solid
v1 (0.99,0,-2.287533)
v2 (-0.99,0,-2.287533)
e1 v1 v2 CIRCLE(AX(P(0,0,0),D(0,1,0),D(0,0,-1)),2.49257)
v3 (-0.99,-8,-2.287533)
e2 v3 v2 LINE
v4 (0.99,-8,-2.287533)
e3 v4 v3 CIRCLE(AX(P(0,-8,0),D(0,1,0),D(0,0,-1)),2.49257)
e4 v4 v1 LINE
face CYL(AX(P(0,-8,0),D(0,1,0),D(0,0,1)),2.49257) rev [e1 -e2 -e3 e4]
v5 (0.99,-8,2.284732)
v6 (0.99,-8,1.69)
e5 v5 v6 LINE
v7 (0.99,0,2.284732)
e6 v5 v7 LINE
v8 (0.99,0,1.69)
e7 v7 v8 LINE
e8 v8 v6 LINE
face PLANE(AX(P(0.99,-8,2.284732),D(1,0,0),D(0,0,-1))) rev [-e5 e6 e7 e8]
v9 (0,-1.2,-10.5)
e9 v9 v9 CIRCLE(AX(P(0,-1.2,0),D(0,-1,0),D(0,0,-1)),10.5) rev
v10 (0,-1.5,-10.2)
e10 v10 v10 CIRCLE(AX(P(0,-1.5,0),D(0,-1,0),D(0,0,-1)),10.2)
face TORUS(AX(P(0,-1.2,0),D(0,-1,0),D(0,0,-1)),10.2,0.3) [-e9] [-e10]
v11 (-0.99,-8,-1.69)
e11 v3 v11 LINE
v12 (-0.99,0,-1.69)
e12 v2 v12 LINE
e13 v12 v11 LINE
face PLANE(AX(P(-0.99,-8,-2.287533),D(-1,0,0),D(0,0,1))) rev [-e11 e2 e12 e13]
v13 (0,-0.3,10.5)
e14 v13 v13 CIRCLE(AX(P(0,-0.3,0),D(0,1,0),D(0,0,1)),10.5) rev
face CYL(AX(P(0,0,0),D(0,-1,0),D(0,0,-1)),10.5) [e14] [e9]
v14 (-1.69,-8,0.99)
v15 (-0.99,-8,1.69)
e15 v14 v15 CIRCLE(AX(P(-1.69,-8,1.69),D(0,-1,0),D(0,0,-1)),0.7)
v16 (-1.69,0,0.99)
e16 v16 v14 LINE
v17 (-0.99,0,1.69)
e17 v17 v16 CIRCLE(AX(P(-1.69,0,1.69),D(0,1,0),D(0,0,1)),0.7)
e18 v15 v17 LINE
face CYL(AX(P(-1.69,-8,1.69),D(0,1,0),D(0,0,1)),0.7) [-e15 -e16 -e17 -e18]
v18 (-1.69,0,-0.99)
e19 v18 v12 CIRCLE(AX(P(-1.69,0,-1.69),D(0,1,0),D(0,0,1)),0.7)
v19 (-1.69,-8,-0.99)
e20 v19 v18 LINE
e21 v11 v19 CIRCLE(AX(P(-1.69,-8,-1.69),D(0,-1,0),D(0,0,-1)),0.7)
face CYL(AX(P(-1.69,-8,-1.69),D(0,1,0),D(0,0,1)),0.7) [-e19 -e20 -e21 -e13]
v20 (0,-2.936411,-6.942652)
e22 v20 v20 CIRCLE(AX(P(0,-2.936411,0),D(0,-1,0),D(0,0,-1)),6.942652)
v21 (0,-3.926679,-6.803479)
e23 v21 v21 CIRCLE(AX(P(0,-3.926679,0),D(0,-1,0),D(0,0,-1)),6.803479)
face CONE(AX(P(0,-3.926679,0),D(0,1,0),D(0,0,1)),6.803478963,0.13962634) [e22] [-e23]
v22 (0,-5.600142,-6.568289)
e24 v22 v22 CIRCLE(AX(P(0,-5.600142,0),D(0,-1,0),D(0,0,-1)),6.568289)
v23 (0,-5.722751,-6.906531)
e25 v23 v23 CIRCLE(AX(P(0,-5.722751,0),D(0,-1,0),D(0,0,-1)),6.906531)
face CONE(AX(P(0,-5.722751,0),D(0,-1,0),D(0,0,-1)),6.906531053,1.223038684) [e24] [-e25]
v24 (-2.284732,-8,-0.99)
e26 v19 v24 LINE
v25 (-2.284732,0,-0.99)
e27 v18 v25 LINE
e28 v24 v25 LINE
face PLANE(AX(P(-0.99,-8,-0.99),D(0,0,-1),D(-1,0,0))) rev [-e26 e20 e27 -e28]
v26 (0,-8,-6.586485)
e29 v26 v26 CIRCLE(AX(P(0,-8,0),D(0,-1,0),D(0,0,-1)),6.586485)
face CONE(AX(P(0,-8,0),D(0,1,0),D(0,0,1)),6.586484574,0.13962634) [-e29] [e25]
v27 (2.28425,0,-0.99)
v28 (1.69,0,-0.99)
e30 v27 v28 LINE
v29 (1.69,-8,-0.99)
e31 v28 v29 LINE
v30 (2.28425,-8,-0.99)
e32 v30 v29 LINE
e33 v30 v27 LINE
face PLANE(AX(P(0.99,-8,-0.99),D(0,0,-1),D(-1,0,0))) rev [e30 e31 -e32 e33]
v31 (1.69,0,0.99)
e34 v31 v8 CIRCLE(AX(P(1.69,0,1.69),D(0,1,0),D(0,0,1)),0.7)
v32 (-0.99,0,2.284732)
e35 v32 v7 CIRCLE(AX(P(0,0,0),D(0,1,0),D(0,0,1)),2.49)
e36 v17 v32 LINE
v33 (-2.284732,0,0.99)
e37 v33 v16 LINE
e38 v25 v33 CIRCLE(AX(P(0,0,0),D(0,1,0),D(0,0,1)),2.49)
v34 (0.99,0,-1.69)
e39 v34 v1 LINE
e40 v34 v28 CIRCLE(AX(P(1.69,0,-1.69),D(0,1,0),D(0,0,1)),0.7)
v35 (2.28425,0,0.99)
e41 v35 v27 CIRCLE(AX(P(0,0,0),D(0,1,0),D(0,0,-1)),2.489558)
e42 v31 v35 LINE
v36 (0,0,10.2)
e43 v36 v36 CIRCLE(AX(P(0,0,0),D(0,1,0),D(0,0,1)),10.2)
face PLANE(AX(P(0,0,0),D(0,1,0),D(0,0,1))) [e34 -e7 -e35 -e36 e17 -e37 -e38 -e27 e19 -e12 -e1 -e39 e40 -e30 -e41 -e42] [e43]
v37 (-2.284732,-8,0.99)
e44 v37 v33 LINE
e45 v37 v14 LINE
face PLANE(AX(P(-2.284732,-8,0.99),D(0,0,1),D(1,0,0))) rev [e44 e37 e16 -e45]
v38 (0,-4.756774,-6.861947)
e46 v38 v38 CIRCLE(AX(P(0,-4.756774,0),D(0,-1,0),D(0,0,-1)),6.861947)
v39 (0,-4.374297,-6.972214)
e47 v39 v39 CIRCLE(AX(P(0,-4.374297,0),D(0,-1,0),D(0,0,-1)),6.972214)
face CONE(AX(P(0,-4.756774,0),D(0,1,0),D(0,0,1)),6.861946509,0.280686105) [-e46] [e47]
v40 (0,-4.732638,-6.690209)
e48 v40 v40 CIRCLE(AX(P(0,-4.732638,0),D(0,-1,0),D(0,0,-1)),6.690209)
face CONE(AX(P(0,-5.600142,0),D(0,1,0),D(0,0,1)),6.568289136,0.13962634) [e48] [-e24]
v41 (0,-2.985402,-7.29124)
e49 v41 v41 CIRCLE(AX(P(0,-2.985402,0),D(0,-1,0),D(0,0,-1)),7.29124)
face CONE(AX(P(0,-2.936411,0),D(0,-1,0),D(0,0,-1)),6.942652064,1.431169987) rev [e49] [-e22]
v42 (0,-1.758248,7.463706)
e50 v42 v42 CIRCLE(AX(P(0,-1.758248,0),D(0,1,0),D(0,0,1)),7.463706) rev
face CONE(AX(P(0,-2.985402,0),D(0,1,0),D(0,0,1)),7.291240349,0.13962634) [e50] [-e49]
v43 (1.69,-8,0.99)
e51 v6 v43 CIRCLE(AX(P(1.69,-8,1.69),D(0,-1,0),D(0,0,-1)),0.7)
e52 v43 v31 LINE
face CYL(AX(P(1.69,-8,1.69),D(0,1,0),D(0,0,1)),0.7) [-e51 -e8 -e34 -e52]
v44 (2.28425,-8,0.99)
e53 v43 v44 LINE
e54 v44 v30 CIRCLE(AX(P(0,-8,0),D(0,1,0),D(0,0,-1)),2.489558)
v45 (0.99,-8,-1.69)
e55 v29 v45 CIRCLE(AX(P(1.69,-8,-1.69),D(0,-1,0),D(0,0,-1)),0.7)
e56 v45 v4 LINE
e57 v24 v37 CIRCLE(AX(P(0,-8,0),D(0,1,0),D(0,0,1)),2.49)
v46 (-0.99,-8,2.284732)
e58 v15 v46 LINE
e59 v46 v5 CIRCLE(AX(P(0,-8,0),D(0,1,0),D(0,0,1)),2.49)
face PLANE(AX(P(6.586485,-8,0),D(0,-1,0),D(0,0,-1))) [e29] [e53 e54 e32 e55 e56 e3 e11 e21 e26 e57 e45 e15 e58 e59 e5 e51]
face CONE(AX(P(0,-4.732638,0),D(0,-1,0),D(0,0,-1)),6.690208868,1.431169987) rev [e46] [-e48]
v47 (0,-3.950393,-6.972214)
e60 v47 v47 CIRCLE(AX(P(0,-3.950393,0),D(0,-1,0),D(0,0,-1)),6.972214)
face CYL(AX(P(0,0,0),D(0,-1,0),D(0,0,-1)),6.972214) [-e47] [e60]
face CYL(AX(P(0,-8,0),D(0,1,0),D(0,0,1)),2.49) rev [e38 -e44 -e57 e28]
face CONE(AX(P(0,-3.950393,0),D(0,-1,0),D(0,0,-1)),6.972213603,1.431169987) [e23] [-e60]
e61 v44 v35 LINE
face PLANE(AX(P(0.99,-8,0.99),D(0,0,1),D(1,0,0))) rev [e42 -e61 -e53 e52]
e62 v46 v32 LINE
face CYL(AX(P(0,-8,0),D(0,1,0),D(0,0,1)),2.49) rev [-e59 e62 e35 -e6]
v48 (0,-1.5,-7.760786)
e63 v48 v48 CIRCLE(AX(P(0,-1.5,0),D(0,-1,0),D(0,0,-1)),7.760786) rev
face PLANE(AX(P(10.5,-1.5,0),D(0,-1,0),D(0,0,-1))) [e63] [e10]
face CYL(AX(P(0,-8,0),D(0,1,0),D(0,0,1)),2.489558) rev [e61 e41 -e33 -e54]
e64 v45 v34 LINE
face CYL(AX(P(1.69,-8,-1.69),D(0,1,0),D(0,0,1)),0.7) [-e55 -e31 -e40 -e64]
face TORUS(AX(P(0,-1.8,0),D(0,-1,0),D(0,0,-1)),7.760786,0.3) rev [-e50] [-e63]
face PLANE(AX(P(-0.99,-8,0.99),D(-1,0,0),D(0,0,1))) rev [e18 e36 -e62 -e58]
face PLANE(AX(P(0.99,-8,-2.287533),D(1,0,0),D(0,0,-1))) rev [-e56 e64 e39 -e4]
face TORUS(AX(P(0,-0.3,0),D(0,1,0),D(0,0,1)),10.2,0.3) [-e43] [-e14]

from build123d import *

# Parameters (mm, degrees)
CUT_EXTRUDE1_DEPTH = 17.867127793
FILLET1_R          = 0.7
FILLET2_R          = 0.3


with BuildPart() as part:
    # Sketch2 → Revolve1 (revolve)
    with BuildSketch(Plane.XY, mode=Mode.PRIVATE) as revolve1_sk:
        Polygon((0, 0), (10.5, 0), (10.5, -1.5), (7.5, -1.5), (7.291240349, -2.985402103), (6.942652064, -2.936411215), (6.803478963, -3.926679283), (6.972213603, -3.950393391), (6.972213603, -4.374297025), (6.861946509, -4.75677404), (6.690208868, -4.732637888), (6.568289136, -5.600141858), (6.906531053, -5.722750977), (6.586484574, -8), (0, -8), align=None)
    revolve(revolve1_sk.sketch.rotate(Axis((0, 0, 0), (0, 1, 0)), 90), axis=Axis((0, 0, 0), (0, 1, 0)))

    # Sketch1 → Cut-Extrude1 (cut, through all)
    with BuildSketch(Plane(origin=(0, 0, 0), x_dir=(1, 0, 0), z_dir=(0, 1, 0))):
        with BuildLine():
            Line((-0.99, 0.99), (-2.284731932, 0.99))
            ThreePointArc((-2.284731932, 0.99), (-2.49, 0), (-2.284731932, -0.99))
            Line((-2.284731932, -0.99), (-0.99, -0.99))
            Line((-0.99, -0.99), (-0.99, -2.284731932))
            ThreePointArc((-0.99, -2.284731932), (0, -2.49), (0.99, -2.284731932))
            Line((0.99, -2.284731932), (0.99, -0.99))
            Line((0.99, -0.99), (2.284249826, -0.99))
            ThreePointArc((2.284249826, -0.99), (2.489557645, 0), (2.284249826, 0.99))
            Line((2.284249826, 0.99), (0.99, 0.99))
            Line((0.99, 0.99), (0.99, 2.28753254))
            ThreePointArc((0.99, 2.28753254), (0, 2.492569984), (-0.99, 2.28753254))
            Line((-0.99, 2.28753254), (-0.99, 0.99))
        make_face()
    extrude(amount=-CUT_EXTRUDE1_DEPTH, mode=Mode.SUBTRACT)

    # Fillet1
    fillet1_edges = [part.edges().sort_by_distance(p)[0] for p in [
        (-0.99, -4, -0.99),
        (0.99, -4, -0.99),
        (0.99, -4, 0.99),
        (-0.99, -4, 0.99),
    ]]
    fillet(fillet1_edges, radius=FILLET1_R)

    # Fillet2
    fillet2_edges = [part.edges().sort_by_distance(p)[0] for p in [
        (0, -1.5, 7.5),
        (0, -1.5, 10.5),
        (0, 0, 10.5),
    ]]
    fillet(fillet2_edges, radius=FILLET2_R)


solid = part.part
